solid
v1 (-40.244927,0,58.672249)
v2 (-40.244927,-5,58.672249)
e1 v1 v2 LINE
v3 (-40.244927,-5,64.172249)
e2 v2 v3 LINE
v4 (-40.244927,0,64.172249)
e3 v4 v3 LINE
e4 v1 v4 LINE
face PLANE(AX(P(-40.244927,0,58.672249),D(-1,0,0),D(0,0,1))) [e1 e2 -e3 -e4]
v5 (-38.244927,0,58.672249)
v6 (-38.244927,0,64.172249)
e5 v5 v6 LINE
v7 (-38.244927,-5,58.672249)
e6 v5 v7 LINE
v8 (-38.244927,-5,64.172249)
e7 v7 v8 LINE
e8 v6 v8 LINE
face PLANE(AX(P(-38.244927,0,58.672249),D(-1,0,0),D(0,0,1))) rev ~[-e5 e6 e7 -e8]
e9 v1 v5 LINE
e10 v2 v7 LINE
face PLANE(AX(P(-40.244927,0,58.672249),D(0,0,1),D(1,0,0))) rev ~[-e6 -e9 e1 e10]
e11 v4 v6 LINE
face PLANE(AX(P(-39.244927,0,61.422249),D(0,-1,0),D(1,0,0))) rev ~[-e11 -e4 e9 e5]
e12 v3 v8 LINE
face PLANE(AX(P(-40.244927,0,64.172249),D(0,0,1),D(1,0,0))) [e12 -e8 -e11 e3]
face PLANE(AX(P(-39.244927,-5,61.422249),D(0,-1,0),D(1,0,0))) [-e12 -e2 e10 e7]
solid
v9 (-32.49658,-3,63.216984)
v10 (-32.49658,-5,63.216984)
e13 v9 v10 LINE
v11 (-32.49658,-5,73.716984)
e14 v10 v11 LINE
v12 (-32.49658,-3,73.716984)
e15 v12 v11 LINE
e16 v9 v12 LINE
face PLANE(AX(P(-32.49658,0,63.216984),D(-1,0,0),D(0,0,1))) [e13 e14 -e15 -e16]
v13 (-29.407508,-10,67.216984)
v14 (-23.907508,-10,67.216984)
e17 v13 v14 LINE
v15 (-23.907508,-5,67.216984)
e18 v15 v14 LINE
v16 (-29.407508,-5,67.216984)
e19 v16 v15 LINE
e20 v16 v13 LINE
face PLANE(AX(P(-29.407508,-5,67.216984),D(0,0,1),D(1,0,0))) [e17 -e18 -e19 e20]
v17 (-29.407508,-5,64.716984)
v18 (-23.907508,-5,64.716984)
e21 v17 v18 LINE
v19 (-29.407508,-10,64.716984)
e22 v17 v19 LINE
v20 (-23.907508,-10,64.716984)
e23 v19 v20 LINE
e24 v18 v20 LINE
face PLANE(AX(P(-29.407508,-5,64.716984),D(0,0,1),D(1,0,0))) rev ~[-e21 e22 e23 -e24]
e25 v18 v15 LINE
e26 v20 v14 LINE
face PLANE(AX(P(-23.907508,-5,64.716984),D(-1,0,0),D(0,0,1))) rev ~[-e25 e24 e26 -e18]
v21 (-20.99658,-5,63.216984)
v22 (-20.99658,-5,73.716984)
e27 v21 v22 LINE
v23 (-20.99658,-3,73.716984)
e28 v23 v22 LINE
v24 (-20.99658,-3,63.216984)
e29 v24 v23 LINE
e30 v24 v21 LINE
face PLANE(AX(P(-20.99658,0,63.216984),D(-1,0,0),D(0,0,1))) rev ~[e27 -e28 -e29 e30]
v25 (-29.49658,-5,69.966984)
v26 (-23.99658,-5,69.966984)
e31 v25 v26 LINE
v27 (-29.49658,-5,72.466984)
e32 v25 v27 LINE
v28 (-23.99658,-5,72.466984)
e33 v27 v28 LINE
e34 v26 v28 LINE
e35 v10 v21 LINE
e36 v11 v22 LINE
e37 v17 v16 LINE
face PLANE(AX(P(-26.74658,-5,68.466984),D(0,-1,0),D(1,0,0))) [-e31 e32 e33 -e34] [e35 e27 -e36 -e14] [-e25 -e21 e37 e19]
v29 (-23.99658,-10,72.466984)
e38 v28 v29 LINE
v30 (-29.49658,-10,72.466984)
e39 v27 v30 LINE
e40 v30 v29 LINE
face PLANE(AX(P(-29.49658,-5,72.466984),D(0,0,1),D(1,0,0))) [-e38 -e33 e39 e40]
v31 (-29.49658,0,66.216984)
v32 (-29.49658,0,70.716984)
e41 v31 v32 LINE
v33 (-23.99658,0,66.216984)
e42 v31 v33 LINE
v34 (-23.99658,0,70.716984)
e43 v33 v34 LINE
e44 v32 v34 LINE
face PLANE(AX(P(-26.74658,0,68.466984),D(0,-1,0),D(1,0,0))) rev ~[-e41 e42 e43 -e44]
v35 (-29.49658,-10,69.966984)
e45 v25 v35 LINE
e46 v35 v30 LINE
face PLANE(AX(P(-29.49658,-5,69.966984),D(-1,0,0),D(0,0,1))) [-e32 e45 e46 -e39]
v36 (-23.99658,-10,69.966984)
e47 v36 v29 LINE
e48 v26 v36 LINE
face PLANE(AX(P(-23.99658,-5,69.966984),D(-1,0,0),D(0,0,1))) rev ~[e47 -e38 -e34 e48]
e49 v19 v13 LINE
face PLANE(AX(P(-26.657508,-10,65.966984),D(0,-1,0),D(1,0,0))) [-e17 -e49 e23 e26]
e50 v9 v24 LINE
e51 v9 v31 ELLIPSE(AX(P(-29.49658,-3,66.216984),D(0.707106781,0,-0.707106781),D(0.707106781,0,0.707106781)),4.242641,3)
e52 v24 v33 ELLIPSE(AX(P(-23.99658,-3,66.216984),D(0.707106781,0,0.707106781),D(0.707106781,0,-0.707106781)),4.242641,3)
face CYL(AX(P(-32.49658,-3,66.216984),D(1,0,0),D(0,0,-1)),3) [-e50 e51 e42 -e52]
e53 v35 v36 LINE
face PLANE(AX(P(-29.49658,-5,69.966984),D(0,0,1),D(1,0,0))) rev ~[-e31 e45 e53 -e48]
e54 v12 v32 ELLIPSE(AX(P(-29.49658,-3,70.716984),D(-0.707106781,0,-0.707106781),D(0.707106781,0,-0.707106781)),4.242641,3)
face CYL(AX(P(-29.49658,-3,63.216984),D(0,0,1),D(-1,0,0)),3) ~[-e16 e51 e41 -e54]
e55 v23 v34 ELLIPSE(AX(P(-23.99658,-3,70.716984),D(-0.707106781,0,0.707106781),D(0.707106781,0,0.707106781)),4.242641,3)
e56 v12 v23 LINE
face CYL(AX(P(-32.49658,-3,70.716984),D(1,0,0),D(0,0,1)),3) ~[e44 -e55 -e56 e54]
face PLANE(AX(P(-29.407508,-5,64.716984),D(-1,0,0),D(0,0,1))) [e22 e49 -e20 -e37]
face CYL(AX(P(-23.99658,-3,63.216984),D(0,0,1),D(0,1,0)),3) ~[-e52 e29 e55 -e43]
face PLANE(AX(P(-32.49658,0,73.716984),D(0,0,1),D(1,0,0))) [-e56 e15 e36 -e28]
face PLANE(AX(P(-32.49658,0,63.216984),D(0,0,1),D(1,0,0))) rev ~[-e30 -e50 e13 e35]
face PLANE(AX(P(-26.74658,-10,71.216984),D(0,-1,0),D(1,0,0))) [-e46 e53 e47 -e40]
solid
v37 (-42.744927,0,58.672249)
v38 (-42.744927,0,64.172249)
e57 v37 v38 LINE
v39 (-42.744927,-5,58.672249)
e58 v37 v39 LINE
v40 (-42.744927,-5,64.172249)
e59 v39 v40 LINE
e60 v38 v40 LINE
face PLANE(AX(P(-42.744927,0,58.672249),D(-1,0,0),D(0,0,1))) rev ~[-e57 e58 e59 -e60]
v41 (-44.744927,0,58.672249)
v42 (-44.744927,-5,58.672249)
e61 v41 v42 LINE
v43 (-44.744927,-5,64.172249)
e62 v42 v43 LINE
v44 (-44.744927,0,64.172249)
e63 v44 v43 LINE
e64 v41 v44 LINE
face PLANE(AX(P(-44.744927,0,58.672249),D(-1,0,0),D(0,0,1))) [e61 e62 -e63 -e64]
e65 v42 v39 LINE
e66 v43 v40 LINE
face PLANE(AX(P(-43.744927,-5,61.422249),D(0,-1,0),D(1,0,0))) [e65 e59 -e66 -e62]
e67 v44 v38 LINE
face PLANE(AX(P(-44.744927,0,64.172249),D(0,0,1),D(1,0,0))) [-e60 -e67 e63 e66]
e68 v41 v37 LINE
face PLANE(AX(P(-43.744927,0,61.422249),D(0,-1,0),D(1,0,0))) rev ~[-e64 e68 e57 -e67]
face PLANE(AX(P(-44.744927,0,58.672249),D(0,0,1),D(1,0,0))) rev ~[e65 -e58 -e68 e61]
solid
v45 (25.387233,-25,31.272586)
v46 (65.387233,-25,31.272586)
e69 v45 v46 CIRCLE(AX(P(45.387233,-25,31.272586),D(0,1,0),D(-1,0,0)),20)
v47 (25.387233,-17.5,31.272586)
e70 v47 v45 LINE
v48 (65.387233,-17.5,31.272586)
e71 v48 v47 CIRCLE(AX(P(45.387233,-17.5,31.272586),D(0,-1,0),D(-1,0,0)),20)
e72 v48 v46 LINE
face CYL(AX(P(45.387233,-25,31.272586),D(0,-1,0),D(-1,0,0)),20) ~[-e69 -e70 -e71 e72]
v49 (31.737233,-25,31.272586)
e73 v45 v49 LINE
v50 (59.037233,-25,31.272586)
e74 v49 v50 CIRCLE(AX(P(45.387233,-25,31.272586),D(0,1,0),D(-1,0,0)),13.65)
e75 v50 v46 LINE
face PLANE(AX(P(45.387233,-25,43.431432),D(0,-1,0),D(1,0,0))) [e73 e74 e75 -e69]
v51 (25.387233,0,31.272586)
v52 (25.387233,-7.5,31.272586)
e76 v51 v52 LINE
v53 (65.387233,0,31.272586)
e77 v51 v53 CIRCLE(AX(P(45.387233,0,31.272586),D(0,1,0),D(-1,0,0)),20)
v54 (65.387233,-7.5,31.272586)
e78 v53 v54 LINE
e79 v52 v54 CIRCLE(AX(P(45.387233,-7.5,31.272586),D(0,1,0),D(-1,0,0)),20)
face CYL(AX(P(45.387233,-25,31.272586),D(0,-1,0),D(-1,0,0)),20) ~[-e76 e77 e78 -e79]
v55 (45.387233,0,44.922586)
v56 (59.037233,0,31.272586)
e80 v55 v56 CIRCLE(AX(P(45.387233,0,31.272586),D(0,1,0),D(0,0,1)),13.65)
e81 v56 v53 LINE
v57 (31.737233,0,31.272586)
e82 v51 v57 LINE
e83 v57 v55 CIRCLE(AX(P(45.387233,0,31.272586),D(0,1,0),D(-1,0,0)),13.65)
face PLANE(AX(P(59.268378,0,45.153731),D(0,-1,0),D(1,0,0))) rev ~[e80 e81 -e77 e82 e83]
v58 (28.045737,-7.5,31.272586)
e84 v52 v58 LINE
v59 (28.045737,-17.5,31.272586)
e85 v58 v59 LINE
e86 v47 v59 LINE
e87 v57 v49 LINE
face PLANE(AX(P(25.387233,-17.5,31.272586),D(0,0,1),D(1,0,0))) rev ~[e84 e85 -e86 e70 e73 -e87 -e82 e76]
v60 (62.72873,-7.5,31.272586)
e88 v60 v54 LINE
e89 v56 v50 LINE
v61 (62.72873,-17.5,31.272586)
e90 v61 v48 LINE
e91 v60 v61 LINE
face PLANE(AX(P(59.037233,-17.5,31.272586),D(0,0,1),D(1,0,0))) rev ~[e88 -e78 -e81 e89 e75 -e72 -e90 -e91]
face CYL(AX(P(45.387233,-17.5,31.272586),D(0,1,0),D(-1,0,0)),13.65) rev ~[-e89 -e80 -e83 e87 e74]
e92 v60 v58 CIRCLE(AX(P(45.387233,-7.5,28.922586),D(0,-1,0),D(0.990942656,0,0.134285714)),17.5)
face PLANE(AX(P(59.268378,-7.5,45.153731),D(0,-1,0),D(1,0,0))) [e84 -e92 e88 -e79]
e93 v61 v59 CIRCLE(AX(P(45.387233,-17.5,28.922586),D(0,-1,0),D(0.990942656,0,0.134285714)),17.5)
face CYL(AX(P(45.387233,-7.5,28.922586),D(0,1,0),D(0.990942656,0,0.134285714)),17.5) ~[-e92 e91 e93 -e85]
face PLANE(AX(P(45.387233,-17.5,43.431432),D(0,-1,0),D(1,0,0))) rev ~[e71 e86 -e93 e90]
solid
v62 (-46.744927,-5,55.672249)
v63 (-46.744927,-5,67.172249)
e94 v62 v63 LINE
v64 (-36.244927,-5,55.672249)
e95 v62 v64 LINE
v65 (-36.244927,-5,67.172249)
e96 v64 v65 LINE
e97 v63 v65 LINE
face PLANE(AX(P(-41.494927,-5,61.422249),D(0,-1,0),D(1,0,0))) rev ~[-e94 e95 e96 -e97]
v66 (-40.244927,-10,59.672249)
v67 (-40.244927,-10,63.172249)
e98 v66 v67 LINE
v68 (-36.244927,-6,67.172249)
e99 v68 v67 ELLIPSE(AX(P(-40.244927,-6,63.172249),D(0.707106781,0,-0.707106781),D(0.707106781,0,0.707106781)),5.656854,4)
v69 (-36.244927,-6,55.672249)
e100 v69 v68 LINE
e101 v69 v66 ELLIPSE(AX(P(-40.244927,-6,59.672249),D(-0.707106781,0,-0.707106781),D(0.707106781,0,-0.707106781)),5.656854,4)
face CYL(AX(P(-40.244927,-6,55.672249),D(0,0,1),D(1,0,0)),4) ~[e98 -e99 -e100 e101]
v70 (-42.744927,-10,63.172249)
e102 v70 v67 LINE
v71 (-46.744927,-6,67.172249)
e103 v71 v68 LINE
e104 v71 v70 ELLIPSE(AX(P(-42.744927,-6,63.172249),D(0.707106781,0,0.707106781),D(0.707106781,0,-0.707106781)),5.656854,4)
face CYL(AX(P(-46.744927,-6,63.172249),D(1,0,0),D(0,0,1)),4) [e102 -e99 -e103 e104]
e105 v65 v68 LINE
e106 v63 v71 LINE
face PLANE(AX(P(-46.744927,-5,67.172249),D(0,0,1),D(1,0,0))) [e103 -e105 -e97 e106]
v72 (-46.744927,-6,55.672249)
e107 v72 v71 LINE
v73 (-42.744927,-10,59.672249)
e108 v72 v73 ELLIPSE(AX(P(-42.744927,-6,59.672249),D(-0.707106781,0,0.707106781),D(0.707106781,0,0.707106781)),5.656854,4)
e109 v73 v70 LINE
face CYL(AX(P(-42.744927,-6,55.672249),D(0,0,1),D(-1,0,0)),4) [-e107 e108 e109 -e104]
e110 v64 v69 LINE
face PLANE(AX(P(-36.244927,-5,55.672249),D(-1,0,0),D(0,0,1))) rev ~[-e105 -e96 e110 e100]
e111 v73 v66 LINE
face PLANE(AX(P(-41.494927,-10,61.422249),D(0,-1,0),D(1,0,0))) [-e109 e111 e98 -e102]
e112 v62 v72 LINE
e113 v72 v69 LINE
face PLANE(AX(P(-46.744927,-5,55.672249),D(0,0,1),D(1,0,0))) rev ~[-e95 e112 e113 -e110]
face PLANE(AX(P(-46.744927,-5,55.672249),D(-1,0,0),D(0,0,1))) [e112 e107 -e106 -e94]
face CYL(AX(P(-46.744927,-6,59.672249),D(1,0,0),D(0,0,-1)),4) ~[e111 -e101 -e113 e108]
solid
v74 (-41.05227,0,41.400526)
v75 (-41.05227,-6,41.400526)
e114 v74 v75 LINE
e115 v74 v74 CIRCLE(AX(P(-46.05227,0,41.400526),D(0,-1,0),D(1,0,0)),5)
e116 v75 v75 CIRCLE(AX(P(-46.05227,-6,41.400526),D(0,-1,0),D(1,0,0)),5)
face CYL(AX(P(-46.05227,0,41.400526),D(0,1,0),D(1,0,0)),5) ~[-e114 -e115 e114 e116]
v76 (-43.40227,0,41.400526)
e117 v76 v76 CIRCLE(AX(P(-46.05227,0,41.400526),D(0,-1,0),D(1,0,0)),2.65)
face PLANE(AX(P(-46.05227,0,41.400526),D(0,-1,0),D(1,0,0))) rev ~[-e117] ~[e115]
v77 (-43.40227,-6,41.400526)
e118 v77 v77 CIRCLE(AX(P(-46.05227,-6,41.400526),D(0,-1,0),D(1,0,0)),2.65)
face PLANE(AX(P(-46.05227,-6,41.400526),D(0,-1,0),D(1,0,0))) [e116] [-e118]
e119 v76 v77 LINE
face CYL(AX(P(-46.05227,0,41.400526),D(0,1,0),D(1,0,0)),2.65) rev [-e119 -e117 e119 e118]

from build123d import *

# Parameters (mm, degrees)
F0_R      = 5
F0_R_2    = 2.65
F1_DEPTH  = 6
F2_W      = 2
F2_H      = 5.5
F3_DEPTH  = 5
F4_W      = 10.5
F4_H      = 11.5
F5_DEPTH  = 5
F6_R      = 4
F7_W      = 11.5
F7_H      = 10.5
F8_DEPTH  = 5
F9_W      = 5.5
F9_H      = 2.5
F10_DEPTH = 5
F11_R     = 3
F13_DEPTH = 7.5
F15_DEPTH = 10
F17_DEPTH = 7.5
F19_DEPTH = 25


with BuildPart() as f1:
    # F0 (on Front) → F1 (new body)
    with BuildSketch(Plane.XZ):
        with Locations((-46.0522696376, 41.4005257189)):
            Circle(F0_R)
        with Locations((-46.0522696376, 41.4005257189)):
            Circle(F0_R_2, mode=Mode.SUBTRACT)
    extrude(amount=F1_DEPTH)


with BuildPart() as f3:
    # F2 (on Front) → F3 (new body)
    with BuildSketch(Plane.XZ):
        with Locations((-39.2449274361, 61.4222493172)):
            Rectangle(F2_W, F2_H)
    extrude(amount=F3_DEPTH)


with BuildPart() as f3b:
    # F2 (on Front) → F3, piece 2 (new body)
    with BuildSketch(Plane.XZ):
        with Locations((-43.7449274361, 61.4222493172)):
            Rectangle(F2_W, F2_H)
    extrude(amount=F3_DEPTH)


with BuildPart() as f5:
    # F4 (on face) → F5 (new body)
    with BuildSketch(Plane.XZ.offset(5)):
        with Locations((-41.4949274361, 61.4222493172)):
            Rectangle(F4_W, F4_H)
    extrude(amount=F5_DEPTH)

    # F6
    f6_edges = [f5.edges().sort_by_distance(p)[0] for p in [
        (-41.494927, -10, 67.172249),
        (-46.744927, -10, 61.422249),
        (-41.494927, -10, 55.672249),
        (-36.244927, -10, 61.422249),
    ]]
    fillet(f6_edges, radius=F6_R)


with BuildPart() as f8:
    # F7 (on Front) → F8 (new body)
    with BuildSketch(Plane.XZ):
        with Locations((-26.7465799004, 68.466984272)):
            Rectangle(F7_W, F7_H)
    extrude(amount=F8_DEPTH)

    # F9 (on face) → F10 (join)
    with BuildSketch(Plane.XZ.offset(5)):
        with Locations((-26.7465799004, 71.216984272)):
            Rectangle(F9_W, F9_H)
        with Locations((-26.6575082093, 65.966984272)):
            Rectangle(F9_W, F9_H)
    extrude(amount=F10_DEPTH)

    # F11
    f11_edges = [f8.edges().sort_by_distance(p)[0] for p in [
        (-26.74658, 0, 73.716984),
        (-32.49658, 0, 68.466984),
        (-26.74658, 0, 63.216984),
        (-20.99658, 0, 68.466984),
    ]]
    fillet(f11_edges, radius=F11_R)


with BuildPart() as f13:
    # F12 (on Front) → F13 (new body)
    with BuildSketch(Plane.XZ):
        with BuildLine():
            ThreePointArc((45.3872331232, 51.2725864351), (59.5293687469, 45.4147220588), (65.3872331232, 31.2725864351))
            Line((65.3872331232, 31.2725864351), (65.3872331232, 51.2725864351))
            Line((65.3872331232, 51.2725864351), (45.3872331232, 51.2725864351))
        make_face()
        with BuildLine():
            ThreePointArc((25.3872331232, 31.2725864351), (31.2450974995, 45.4147220588), (45.3872331232, 51.2725864351))
            Line((45.3872331232, 51.2725864351), (25.3872331232, 51.2725864351))
            Line((25.3872331232, 51.2725864351), (25.3872331232, 31.2725864351))
        make_face()
        with BuildLine():
            ThreePointArc((31.7372331232, 31.2725864351), (35.73522556, 40.9245939983), (45.3872331232, 44.9225864351))
            Line((45.3872331232, 44.9225864351), (45.3872331232, 51.2725864351))
            ThreePointArc((45.3872331232, 51.2725864351), (31.2450974995, 45.4147220588), (25.3872331232, 31.2725864351))
            Line((25.3872331232, 31.2725864351), (31.7372331232, 31.2725864351))
        make_face()
        with BuildLine():
            ThreePointArc((45.3872331232, 44.9225864351), (55.0392406864, 40.9245939983), (59.0372331232, 31.2725864351))
            Line((59.0372331232, 31.2725864351), (65.3872331232, 31.2725864351))
            ThreePointArc((65.3872331232, 31.2725864351), (59.5293687469, 45.4147220588), (45.3872331232, 51.2725864351))
            Line((45.3872331232, 51.2725864351), (45.3872331232, 44.9225864351))
        make_face()
    extrude(amount=F13_DEPTH)

    # F14 (on face) → F15 (join)
    with BuildSketch(Plane.XZ.offset(7.5)):
        with BuildLine():
            ThreePointArc((31.7372331232, 31.2725864351), (35.73522556, 40.9245939983), (45.3872331232, 44.9225864351))
            ThreePointArc((45.3872331232, 44.9225864351), (55.0392406864, 40.9245939983), (59.0372331232, 31.2725864351))
            Line((59.0372331232, 31.2725864351), (62.7287295984, 31.2725864351))
            ThreePointArc((62.7287295984, 31.2725864351), (45.3872331232, 46.4225864351), (28.045736648, 31.2725864351))
            Line((28.045736648, 31.2725864351), (31.7372331232, 31.2725864351))
        make_face()
    extrude(amount=F15_DEPTH)

    # F16 (on face) → F17 (join)
    with BuildSketch(Plane.XZ.offset(17.5)):
        with BuildLine():
            Line((25.3872331232, 51.2790717185), (25.3872331232, 31.2725864351))
            Line((25.3872331232, 31.2725864351), (28.045736648, 31.2725864351))
            ThreePointArc((28.045736648, 31.2725864351), (45.3872331232, 46.4225864351), (62.7287295984, 31.2725864351))
            Line((62.7287295984, 31.2725864351), (65.3872331232, 31.2725864351))
            Line((65.3872331232, 31.2725864351), (65.3872331232, 51.2790717185))
            Line((65.3872331232, 51.2790717185), (25.3872331232, 51.2790717185))
        make_face()
        with BuildLine():
            ThreePointArc((62.7287295984, 31.2725864351), (45.3872331232, 46.4225864351), (28.045736648, 31.2725864351))
            Line((28.045736648, 31.2725864351), (31.7372331232, 31.2725864351))
            ThreePointArc((31.7372331232, 31.2725864351), (45.3872331232, 44.9225864351), (59.0372331232, 31.2725864351))
            Line((59.0372331232, 31.2725864351), (62.7287295984, 31.2725864351))
        make_face()
    extrude(amount=F17_DEPTH)

    # F18 (on face) → F19 (cut)
    with BuildSketch(Plane.XZ.offset(25)):
        with BuildLine():
            ThreePointArc((25.3872331232, 31.2725864351), (45.3872331232, 51.2725864351), (65.3872331232, 31.2725864351))
            Line((65.3872331232, 31.2725864351), (65.3872331232, 51.2790717185))
            Line((65.3872331232, 51.2790717185), (25.3872331232, 51.2790717185))
            Line((25.3872331232, 51.2790717185), (25.3872331232, 31.2725864351))
        make_face()
    extrude(amount=-F19_DEPTH, mode=Mode.SUBTRACT)


solid = Compound([f1.part, f3.part, f3b.part, f5.part, f8.part, f13.part])
